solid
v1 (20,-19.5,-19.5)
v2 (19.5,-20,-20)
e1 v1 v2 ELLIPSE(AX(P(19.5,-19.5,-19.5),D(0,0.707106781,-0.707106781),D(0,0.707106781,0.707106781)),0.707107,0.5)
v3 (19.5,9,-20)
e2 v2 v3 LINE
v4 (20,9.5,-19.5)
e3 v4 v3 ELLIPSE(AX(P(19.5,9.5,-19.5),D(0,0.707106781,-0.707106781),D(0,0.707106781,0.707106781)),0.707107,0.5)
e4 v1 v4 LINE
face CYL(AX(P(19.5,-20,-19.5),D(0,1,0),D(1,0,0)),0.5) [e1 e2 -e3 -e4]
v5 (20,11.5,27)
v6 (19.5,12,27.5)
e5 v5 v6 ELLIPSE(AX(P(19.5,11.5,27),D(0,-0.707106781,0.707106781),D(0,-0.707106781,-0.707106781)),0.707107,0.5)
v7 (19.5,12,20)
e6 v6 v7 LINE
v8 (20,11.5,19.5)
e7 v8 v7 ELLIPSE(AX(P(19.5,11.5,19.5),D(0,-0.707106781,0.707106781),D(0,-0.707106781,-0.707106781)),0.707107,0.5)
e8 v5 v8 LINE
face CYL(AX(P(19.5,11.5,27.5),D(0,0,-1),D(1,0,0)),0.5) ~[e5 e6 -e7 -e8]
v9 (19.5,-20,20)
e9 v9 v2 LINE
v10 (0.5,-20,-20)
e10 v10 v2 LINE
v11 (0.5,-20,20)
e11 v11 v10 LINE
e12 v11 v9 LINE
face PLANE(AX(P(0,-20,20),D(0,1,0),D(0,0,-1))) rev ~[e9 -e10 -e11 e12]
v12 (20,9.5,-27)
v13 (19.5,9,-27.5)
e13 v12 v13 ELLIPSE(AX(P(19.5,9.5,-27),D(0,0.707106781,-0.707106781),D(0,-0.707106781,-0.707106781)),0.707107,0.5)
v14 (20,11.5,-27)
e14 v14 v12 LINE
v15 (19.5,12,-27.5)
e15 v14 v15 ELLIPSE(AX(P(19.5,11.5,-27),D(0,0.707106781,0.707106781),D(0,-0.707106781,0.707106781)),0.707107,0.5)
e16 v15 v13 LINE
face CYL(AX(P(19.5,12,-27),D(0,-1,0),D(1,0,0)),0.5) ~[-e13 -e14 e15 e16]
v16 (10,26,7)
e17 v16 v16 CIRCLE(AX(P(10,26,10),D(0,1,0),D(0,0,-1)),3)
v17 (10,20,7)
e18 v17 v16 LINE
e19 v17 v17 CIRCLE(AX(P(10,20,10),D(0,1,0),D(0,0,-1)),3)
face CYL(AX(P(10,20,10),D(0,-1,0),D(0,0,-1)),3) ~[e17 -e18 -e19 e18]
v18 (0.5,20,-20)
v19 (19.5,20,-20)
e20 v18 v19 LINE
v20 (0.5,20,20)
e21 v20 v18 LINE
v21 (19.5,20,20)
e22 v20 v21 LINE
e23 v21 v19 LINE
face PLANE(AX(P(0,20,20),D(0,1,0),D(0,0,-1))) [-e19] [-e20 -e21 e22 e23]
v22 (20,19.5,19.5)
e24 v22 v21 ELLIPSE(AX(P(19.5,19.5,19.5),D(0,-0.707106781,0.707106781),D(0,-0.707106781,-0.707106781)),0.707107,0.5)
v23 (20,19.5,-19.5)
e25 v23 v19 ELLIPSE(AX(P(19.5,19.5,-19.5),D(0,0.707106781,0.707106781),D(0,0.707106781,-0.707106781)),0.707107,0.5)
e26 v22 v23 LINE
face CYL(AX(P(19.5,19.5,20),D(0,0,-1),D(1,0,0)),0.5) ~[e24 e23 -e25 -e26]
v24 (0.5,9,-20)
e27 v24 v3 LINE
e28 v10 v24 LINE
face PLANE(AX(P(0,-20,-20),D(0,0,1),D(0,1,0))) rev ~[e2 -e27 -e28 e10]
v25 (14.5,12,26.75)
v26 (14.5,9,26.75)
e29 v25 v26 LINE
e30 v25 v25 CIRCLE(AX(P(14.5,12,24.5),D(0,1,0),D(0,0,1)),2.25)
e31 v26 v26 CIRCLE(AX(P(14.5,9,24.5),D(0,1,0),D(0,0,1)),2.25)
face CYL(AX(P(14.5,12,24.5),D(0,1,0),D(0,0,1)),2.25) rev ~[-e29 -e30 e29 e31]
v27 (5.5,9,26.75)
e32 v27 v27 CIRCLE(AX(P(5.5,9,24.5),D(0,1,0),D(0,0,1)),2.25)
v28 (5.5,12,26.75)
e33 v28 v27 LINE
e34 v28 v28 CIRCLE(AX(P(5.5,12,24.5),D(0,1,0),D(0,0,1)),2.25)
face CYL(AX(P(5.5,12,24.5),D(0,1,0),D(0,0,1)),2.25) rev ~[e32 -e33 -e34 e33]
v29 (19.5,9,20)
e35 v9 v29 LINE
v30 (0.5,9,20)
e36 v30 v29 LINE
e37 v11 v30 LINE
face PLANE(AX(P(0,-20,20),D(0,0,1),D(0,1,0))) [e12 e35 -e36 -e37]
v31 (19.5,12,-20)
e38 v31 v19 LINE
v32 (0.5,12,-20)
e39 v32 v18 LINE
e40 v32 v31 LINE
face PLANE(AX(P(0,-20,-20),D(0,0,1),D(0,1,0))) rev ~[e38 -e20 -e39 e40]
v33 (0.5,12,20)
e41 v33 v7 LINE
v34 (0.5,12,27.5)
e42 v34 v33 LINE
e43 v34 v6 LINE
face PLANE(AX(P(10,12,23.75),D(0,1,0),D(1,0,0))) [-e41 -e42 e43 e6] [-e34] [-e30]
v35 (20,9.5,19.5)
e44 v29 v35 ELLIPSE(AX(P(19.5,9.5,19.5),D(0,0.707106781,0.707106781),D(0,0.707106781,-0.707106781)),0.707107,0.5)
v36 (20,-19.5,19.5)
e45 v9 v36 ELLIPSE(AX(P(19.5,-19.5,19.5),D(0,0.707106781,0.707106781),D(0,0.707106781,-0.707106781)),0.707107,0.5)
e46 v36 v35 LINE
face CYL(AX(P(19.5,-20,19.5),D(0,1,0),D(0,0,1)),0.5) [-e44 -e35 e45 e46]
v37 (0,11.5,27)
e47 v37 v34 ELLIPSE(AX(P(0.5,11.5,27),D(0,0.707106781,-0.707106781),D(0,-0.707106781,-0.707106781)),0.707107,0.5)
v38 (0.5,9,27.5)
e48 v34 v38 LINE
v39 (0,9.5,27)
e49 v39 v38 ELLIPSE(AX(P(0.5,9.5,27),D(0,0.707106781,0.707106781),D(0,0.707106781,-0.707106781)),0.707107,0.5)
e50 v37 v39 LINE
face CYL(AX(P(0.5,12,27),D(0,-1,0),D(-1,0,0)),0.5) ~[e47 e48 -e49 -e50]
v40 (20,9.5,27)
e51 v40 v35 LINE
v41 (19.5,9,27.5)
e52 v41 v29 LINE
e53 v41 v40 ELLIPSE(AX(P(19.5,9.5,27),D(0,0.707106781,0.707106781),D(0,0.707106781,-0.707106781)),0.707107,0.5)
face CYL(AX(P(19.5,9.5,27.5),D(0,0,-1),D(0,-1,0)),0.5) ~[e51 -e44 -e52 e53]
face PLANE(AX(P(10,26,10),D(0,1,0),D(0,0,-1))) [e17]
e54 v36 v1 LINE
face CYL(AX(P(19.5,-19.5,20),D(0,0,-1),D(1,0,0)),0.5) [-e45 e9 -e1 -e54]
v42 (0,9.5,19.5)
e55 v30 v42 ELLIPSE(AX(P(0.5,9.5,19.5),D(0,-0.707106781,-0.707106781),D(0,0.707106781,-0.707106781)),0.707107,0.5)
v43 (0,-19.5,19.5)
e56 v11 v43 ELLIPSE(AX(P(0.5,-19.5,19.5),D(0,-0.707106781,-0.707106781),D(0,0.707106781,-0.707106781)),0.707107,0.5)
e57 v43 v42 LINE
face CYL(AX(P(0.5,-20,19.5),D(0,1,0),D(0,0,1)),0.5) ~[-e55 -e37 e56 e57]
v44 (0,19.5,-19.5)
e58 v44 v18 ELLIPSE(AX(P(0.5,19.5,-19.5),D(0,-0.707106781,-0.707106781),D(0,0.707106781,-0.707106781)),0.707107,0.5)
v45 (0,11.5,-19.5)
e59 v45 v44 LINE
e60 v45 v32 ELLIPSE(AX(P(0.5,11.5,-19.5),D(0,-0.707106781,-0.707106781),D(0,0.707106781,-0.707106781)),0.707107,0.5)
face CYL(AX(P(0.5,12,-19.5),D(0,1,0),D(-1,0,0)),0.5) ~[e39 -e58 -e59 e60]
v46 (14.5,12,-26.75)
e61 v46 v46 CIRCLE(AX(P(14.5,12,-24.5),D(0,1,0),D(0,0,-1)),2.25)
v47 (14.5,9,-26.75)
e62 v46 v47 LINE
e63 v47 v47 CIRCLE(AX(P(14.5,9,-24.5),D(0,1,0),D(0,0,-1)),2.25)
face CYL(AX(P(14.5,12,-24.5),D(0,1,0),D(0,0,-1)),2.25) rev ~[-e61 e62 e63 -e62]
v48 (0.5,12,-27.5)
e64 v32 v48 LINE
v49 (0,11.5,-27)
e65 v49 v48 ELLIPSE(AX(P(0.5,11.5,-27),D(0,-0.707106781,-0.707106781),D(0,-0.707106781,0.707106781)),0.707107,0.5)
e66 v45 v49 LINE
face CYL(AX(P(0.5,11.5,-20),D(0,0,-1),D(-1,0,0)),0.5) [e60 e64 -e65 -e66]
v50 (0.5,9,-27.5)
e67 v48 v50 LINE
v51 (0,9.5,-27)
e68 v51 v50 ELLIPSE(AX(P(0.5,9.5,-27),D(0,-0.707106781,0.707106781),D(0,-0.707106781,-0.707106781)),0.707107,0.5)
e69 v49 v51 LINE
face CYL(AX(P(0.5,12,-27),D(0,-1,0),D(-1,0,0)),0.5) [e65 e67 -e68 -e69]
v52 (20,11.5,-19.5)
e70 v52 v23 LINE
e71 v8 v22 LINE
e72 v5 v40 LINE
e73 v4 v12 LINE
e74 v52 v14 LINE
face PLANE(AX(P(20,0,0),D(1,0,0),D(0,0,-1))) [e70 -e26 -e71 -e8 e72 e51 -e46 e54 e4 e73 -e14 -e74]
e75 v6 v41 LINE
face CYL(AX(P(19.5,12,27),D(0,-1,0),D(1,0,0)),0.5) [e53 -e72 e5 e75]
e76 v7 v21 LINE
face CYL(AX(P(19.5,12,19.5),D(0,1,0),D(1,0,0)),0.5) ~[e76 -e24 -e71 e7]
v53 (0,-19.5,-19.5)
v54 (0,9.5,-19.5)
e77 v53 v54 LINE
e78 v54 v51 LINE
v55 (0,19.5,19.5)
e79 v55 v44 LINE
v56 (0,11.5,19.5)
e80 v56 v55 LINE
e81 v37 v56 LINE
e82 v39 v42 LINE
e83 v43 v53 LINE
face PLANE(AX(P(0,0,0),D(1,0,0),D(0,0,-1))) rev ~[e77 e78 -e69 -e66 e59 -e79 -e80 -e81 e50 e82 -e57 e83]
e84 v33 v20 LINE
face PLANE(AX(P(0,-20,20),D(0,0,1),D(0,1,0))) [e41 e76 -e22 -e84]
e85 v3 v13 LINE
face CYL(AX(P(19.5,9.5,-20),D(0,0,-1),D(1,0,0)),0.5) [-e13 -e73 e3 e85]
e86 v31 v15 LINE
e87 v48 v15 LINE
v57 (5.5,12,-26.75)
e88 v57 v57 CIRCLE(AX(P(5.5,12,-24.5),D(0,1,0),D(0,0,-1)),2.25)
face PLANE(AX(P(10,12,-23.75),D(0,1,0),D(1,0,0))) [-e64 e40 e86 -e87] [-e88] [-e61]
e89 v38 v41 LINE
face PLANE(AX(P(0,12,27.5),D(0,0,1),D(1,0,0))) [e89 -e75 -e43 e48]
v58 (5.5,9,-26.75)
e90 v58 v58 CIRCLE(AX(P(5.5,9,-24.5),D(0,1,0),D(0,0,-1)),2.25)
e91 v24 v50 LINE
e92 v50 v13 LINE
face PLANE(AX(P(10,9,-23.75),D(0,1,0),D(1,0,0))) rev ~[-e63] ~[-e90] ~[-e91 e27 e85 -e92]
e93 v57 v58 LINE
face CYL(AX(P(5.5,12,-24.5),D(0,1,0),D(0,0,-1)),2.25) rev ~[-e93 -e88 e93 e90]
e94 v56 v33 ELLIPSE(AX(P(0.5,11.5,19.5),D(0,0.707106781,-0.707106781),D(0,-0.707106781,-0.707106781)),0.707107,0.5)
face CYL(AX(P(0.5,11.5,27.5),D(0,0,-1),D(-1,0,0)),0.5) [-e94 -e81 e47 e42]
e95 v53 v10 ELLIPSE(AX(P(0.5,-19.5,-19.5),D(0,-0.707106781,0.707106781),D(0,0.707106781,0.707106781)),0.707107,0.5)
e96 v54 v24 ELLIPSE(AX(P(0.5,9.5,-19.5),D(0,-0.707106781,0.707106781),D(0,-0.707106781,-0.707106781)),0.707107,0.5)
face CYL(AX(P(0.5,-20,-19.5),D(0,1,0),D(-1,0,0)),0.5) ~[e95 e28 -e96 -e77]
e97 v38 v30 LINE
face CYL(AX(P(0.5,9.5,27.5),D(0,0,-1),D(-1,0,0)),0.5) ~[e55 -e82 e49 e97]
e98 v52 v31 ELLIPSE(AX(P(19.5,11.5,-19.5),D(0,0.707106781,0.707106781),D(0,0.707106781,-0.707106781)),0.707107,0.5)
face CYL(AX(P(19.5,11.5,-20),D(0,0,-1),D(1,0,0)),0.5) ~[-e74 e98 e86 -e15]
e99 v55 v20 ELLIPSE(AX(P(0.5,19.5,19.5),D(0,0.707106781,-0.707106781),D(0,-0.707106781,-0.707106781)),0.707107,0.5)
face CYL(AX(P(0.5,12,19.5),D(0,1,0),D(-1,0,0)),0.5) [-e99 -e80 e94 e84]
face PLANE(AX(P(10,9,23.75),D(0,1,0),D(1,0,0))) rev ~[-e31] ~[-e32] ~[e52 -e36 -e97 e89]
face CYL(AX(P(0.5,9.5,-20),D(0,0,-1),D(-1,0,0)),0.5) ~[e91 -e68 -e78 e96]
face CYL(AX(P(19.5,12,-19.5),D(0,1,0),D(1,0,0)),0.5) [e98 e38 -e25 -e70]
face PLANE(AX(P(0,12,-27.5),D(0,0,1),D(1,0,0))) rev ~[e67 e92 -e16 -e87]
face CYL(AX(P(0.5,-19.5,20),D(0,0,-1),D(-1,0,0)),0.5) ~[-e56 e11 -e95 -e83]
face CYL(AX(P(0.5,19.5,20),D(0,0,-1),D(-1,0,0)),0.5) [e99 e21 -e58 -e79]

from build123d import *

# Parameters (mm, degrees)
SKETCH_1_W          = 40
SKETCH_1_H          = 40
EXTRUDE_1_DEPTH     = 20
SKETCH_2_R          = 3
EXTRUDE_2_DEPTH     = 6
EXTRUDE_START       = -8
SKETCH_3_W          = 20
SKETCH_3_H          = 7.5
EXTRUDE_3_DEPTH     = 3
SKETCH_4_R          = 2.25
CUT_EXTRUDE_1_DEPTH = 3
FILLET_1_R          = 0.5


with BuildPart() as part:
    # 草图1 → 凸台-拉伸1 (new body)
    with BuildSketch(Plane(origin=(0, 0, 0), x_dir=(0, 0, -1), z_dir=(1, 0, 0))):
        Rectangle(SKETCH_1_W, SKETCH_1_H)
    extrude(amount=EXTRUDE_1_DEPTH)

    # 草图2 → 凸台-拉伸2 (add)
    with BuildSketch(Plane(origin=(0, 20, 0), x_dir=(1, 0, 0), z_dir=(0, 1, 0))):
        with Locations(Location((10, -10, 0), (0, 0, 90))):
            Circle(SKETCH_2_R)
    extrude(amount=EXTRUDE_2_DEPTH)

    # 草图3 → 凸台-拉伸3 (add)
    with BuildSketch(Plane(origin=(0, 20, 0), x_dir=(1, 0, 0), z_dir=(0, 1, 0)).offset(EXTRUDE_START)):
        with Locations((10, -23.75)):
            Rectangle(SKETCH_3_W, SKETCH_3_H)
        with Locations((10, 23.75)):
            Rectangle(SKETCH_3_W, SKETCH_3_H)
    extrude(amount=-EXTRUDE_3_DEPTH)

    # 草图4 → 切除-拉伸1 (cut)
    with BuildSketch(Plane(origin=(0, 12, 0), x_dir=(1, 0, 0), z_dir=(0, 1, 0))):
        with Locations(Location((14.5, -24.5, 0), (0, 0, 270))):
            Circle(SKETCH_4_R)
        with Locations(Location((5.5, -24.5, 0), (0, 0, 270))):
            Circle(SKETCH_4_R)
        with Locations(Location((5.5, 24.5, 0), (0, 0, 90))):
            Circle(SKETCH_4_R)
        with Locations(Location((14.5, 24.5, 0), (0, 0, 90))):
            Circle(SKETCH_4_R)
    extrude(amount=-CUT_EXTRUDE_1_DEPTH, mode=Mode.SUBTRACT)

    # 圆角1
    fillet_1_edges = [part.edges().sort_by_distance(p)[0] for p in [
        (20, -5.5, -20),
        (20, 20, 0),
        (0, 16, -20),
        (20, 16, -20),
        (0, -5.5, 20),
        (20, -5.5, 20),
        (0, 9, 23.75),
        (0, 10.5, 27.5),
        (20, 9, 23.75),
        (20, 10.5, 27.5),
        (0, 12, 23.75),
        (20, 12, 23.75),
        (0, 9, -23.75),
        (0, 10.5, -27.5),
        (20, 9, -23.75),
        (20, 10.5, -27.5),
        (0, 12, -23.75),
        (20, 12, -23.75),
        (20, 16, 20),
        (0, 20, 0),
        (0, -5.5, -20),
        (0, -20, 0),
        (0, 16, 20),
        (20, -20, 0),
    ]]
    fillet(fillet_1_edges, radius=FILLET_1_R)


solid = part.part
